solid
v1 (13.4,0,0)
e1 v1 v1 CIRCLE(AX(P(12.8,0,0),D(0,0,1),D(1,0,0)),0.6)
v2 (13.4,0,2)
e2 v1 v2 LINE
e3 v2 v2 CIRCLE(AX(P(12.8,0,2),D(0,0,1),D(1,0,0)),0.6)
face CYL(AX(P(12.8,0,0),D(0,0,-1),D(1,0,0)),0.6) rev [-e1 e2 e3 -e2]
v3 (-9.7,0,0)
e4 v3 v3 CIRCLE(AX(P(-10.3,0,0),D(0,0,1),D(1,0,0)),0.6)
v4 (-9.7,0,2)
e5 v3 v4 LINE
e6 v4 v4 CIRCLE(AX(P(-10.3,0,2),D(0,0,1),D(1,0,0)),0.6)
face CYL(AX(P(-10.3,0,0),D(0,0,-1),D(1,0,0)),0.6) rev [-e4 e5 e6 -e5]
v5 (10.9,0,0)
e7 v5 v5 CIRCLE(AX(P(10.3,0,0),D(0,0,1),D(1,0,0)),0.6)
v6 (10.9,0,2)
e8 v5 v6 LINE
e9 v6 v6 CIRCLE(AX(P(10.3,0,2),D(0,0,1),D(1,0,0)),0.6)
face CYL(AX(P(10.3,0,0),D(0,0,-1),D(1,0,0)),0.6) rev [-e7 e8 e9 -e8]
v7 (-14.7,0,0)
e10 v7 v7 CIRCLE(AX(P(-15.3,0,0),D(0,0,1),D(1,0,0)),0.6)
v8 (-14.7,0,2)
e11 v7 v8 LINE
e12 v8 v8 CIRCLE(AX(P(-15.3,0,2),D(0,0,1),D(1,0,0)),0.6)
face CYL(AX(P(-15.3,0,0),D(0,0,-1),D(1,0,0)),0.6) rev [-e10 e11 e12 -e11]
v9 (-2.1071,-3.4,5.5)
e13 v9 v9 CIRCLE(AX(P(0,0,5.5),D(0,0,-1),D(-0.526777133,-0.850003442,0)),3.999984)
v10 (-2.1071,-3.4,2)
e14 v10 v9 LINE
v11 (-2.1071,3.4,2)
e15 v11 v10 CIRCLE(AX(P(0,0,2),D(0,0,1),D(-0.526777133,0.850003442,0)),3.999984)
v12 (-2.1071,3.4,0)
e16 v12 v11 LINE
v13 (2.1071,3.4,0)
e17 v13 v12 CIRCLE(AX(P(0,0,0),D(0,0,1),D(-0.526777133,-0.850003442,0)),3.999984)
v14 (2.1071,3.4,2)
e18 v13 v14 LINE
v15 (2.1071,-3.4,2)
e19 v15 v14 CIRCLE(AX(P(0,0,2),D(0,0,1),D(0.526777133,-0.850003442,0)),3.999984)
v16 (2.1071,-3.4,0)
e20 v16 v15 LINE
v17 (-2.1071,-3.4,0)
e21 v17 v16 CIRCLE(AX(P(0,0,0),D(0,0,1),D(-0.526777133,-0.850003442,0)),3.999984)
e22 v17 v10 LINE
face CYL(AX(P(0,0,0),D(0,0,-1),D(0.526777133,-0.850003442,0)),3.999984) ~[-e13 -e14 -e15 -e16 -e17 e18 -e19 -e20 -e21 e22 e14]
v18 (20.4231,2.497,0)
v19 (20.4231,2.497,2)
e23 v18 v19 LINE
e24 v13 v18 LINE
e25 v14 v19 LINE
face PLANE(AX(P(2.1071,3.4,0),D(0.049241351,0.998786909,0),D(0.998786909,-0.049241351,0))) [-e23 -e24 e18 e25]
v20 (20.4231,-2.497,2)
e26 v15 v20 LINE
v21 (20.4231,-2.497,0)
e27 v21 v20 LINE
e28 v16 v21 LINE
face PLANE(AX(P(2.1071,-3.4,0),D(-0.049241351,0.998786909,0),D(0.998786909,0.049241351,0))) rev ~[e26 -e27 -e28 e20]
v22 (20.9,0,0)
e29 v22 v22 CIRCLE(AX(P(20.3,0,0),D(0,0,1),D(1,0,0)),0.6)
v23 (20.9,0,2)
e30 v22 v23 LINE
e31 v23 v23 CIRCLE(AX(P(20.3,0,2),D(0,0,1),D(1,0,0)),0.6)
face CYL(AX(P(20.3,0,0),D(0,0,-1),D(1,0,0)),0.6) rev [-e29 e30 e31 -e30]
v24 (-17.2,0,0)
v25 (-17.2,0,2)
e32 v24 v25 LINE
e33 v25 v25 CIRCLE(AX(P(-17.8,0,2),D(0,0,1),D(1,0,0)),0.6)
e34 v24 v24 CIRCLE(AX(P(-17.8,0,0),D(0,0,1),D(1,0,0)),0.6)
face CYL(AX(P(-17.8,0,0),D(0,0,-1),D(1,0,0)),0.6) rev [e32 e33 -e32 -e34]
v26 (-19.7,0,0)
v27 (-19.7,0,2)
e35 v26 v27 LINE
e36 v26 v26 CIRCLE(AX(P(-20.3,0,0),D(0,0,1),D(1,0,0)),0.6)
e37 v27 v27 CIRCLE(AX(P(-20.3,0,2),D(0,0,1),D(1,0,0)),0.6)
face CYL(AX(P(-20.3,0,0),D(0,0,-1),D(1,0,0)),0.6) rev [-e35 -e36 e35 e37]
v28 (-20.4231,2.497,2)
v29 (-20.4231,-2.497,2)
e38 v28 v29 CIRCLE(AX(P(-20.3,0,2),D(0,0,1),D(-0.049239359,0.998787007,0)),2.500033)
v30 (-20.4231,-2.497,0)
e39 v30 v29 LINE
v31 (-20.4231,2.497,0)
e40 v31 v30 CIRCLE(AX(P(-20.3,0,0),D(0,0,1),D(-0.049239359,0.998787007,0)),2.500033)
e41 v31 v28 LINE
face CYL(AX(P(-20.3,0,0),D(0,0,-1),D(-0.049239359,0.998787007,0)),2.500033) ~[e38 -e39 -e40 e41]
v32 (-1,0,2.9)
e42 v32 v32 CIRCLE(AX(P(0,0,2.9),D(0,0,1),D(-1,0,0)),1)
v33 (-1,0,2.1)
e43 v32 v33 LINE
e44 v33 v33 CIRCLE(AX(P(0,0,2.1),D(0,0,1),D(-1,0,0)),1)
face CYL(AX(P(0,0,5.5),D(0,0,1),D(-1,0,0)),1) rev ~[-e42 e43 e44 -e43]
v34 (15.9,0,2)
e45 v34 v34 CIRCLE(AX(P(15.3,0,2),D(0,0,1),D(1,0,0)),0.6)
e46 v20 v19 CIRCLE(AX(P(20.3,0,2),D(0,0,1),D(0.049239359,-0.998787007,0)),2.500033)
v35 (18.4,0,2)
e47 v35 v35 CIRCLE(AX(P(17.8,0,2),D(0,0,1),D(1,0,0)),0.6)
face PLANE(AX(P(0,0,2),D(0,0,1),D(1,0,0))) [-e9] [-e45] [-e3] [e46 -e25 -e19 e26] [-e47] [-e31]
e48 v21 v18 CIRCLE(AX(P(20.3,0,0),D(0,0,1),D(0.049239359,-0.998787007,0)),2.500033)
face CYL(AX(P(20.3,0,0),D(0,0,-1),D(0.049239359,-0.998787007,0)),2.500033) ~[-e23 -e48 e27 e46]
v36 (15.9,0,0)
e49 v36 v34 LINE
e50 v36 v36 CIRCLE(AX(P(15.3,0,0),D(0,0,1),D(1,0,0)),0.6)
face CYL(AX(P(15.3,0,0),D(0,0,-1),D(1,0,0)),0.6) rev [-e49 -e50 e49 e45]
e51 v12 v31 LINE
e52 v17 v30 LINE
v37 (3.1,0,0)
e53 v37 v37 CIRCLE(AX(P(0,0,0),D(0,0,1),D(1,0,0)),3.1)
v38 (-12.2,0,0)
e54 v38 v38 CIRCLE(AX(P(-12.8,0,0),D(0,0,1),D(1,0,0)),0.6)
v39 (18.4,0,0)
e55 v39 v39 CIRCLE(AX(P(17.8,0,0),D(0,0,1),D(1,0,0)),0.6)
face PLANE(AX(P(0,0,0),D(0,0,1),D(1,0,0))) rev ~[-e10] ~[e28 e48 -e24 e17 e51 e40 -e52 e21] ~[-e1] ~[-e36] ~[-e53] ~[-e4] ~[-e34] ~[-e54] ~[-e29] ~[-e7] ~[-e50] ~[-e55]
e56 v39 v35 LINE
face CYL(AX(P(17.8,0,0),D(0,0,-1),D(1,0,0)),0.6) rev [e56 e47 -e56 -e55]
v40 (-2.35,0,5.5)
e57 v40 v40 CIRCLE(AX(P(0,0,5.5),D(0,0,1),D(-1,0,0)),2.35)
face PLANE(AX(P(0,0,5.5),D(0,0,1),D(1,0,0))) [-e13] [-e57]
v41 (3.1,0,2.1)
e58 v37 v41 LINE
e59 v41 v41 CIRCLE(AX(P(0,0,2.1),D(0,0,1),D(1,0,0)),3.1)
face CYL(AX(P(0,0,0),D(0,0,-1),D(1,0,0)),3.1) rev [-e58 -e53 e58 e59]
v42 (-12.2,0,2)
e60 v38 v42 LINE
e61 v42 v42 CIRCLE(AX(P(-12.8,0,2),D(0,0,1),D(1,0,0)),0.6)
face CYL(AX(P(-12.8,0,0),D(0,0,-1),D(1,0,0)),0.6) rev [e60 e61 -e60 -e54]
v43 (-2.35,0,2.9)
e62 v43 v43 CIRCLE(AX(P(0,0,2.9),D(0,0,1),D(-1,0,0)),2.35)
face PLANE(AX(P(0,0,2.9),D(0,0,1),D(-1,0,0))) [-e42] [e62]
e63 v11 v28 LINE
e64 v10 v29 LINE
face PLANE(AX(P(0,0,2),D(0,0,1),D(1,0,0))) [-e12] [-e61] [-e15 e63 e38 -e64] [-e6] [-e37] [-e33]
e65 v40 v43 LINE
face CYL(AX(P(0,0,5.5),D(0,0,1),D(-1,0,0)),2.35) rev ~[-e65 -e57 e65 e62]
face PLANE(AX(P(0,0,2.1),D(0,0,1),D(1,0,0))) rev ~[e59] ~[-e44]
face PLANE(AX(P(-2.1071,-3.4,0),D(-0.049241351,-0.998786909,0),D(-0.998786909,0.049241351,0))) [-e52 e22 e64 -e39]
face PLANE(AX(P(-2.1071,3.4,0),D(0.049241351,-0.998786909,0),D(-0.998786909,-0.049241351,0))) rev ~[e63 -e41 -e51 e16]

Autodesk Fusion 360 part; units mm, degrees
sketch "スケッチ1" plane through (0, 0, 0) normal (0, 0, 1) x (1, 0, 0)
  line L0 (2.1071, 3.4) -> (-2.1071, 3.4) construction
  line L1 (-2.1071, -3.4) -> (2.1071, -3.4) construction
  line L2 (22.8, 3.4) -> (-22.8, 3.4) construction
  line L3 (-22.8, 3.4) -> (-22.8, -3.4) construction
  line L4 (-22.8, -3.4) -> (22.8, -3.4) construction
  line L5 (22.8, -3.4) -> (22.8, 3.4) construction
  line L6 (22.8, 3.4) -> (-22.8, -3.4) construction
  line L7 (-22.8, 3.4) -> (22.8, -3.4) construction
  line L8 (-2.1071, 3.4) -> (-20.4231, 2.497)
  line L9 (-2.1071, -3.4) -> (-20.4231, -2.497)
  line L10 (2.1071, 3.4) -> (20.4231, 2.497)
  line L11 (2.1071, -3.4) -> (20.4231, -2.497)
  arc A0 (-20.4231, 2.497) -> (-20.4231, -2.497) centre (-20.3, 0) ccw
  arc A1 (20.4231, -2.497) -> (20.4231, 2.497) centre (20.3, 0) ccw
  arc A2 (2.1071, 3.4) -> (-2.1071, 3.4) centre (0, 0) ccw
  arc A3 (-2.1071, 3.4) -> (-2.1071, -3.4) centre (0, 0) ccw
  arc A4 (2.1071, -3.4) -> (2.1071, 3.4) centre (0, 0) ccw
  arc A5 (-2.1071, -3.4) -> (2.1071, -3.4) centre (0, 0) ccw
  line L12 (-2.1071, 3.4) -> (2.1071, 3.4)
  line L13 (-2.1071, -3.4) -> (2.1071, -3.4)
  circle A6 centre (-20.3, 0) radius 0.6
  circle A7 centre (-17.8, 0) radius 0.6
  circle A8 centre (-15.3, 0) radius 0.6
  circle A9 centre (-12.8, 0) radius 0.6
  circle A10 centre (-10.3, 0) radius 0.6
  line L14 (0, 1.75) -> (0, 22.5) construction
  circle A11 centre (10.3, 0) radius 0.6
  circle A12 centre (12.8, 0) radius 0.6
  circle A13 centre (15.3, 0) radius 0.6
  circle A14 centre (17.8, 0) radius 0.6
  circle A15 centre (20.3, 0) radius 0.6
  dimension "d1" = 8
  dimension "d5" = 6.8
  dimension "d6" = 45.6
  dimension "d7" = 6.8
  dimension "d8" = 2.5
  dimension "d9" = 2.5
  dimension "d10" = 1.2
  dimension "d11" = 2.5
  dimension "d14" = 2.5
  dimension "d15" = 0
  dimension "d16" = 10
extrude "押し出し1" add sketch "スケッチ1" along normal blind 5.5 contours A3 A4 L12 L13 | A2 L12 | A5 L13 makes body 1
extrude "押し出し2" add sketch "スケッチ1" along normal blind 2 contours L8 L9 A0 A3 | L10 L11 A1 A4 bodies 1
sketch "スケッチ2" plane through (0, 0, 5.5) normal (0, 0, 1) x (-1, 0, 0)
  circle A0 centre (0, 0) radius 4
  circle A1 centre (0, 0) radius 1
  circle A2 centre (0, 0) radius 2.35
  dimension "d23" = 2
  dimension "d24" = 4.7
extrude "押し出し3" cut sketch "スケッチ2" against normal through all contours A1 bodies 1
extrude "押し出し4" cut sketch "スケッチ2" against normal blind 2.6 contours A2 bodies 1
sketch "スケッチ3" plane through (0, 0, 0) normal (0, 0, 1) x (1, 0, 0)
  circle A0 centre (0, 0) radius 3.1
  dimension "d28" = 6.2
extrude "押し出し5" cut sketch "スケッチ3" along normal blind 2.1 bodies 1
copy_body "ボディ -> コンポーネント1" bodies 1 removing the originals makes body 2 in component "Component'"
component "Component'" placed x (1, 0, 0) y (0, 1, 0) z (0, 0, 1) at (0, 0, 0)
